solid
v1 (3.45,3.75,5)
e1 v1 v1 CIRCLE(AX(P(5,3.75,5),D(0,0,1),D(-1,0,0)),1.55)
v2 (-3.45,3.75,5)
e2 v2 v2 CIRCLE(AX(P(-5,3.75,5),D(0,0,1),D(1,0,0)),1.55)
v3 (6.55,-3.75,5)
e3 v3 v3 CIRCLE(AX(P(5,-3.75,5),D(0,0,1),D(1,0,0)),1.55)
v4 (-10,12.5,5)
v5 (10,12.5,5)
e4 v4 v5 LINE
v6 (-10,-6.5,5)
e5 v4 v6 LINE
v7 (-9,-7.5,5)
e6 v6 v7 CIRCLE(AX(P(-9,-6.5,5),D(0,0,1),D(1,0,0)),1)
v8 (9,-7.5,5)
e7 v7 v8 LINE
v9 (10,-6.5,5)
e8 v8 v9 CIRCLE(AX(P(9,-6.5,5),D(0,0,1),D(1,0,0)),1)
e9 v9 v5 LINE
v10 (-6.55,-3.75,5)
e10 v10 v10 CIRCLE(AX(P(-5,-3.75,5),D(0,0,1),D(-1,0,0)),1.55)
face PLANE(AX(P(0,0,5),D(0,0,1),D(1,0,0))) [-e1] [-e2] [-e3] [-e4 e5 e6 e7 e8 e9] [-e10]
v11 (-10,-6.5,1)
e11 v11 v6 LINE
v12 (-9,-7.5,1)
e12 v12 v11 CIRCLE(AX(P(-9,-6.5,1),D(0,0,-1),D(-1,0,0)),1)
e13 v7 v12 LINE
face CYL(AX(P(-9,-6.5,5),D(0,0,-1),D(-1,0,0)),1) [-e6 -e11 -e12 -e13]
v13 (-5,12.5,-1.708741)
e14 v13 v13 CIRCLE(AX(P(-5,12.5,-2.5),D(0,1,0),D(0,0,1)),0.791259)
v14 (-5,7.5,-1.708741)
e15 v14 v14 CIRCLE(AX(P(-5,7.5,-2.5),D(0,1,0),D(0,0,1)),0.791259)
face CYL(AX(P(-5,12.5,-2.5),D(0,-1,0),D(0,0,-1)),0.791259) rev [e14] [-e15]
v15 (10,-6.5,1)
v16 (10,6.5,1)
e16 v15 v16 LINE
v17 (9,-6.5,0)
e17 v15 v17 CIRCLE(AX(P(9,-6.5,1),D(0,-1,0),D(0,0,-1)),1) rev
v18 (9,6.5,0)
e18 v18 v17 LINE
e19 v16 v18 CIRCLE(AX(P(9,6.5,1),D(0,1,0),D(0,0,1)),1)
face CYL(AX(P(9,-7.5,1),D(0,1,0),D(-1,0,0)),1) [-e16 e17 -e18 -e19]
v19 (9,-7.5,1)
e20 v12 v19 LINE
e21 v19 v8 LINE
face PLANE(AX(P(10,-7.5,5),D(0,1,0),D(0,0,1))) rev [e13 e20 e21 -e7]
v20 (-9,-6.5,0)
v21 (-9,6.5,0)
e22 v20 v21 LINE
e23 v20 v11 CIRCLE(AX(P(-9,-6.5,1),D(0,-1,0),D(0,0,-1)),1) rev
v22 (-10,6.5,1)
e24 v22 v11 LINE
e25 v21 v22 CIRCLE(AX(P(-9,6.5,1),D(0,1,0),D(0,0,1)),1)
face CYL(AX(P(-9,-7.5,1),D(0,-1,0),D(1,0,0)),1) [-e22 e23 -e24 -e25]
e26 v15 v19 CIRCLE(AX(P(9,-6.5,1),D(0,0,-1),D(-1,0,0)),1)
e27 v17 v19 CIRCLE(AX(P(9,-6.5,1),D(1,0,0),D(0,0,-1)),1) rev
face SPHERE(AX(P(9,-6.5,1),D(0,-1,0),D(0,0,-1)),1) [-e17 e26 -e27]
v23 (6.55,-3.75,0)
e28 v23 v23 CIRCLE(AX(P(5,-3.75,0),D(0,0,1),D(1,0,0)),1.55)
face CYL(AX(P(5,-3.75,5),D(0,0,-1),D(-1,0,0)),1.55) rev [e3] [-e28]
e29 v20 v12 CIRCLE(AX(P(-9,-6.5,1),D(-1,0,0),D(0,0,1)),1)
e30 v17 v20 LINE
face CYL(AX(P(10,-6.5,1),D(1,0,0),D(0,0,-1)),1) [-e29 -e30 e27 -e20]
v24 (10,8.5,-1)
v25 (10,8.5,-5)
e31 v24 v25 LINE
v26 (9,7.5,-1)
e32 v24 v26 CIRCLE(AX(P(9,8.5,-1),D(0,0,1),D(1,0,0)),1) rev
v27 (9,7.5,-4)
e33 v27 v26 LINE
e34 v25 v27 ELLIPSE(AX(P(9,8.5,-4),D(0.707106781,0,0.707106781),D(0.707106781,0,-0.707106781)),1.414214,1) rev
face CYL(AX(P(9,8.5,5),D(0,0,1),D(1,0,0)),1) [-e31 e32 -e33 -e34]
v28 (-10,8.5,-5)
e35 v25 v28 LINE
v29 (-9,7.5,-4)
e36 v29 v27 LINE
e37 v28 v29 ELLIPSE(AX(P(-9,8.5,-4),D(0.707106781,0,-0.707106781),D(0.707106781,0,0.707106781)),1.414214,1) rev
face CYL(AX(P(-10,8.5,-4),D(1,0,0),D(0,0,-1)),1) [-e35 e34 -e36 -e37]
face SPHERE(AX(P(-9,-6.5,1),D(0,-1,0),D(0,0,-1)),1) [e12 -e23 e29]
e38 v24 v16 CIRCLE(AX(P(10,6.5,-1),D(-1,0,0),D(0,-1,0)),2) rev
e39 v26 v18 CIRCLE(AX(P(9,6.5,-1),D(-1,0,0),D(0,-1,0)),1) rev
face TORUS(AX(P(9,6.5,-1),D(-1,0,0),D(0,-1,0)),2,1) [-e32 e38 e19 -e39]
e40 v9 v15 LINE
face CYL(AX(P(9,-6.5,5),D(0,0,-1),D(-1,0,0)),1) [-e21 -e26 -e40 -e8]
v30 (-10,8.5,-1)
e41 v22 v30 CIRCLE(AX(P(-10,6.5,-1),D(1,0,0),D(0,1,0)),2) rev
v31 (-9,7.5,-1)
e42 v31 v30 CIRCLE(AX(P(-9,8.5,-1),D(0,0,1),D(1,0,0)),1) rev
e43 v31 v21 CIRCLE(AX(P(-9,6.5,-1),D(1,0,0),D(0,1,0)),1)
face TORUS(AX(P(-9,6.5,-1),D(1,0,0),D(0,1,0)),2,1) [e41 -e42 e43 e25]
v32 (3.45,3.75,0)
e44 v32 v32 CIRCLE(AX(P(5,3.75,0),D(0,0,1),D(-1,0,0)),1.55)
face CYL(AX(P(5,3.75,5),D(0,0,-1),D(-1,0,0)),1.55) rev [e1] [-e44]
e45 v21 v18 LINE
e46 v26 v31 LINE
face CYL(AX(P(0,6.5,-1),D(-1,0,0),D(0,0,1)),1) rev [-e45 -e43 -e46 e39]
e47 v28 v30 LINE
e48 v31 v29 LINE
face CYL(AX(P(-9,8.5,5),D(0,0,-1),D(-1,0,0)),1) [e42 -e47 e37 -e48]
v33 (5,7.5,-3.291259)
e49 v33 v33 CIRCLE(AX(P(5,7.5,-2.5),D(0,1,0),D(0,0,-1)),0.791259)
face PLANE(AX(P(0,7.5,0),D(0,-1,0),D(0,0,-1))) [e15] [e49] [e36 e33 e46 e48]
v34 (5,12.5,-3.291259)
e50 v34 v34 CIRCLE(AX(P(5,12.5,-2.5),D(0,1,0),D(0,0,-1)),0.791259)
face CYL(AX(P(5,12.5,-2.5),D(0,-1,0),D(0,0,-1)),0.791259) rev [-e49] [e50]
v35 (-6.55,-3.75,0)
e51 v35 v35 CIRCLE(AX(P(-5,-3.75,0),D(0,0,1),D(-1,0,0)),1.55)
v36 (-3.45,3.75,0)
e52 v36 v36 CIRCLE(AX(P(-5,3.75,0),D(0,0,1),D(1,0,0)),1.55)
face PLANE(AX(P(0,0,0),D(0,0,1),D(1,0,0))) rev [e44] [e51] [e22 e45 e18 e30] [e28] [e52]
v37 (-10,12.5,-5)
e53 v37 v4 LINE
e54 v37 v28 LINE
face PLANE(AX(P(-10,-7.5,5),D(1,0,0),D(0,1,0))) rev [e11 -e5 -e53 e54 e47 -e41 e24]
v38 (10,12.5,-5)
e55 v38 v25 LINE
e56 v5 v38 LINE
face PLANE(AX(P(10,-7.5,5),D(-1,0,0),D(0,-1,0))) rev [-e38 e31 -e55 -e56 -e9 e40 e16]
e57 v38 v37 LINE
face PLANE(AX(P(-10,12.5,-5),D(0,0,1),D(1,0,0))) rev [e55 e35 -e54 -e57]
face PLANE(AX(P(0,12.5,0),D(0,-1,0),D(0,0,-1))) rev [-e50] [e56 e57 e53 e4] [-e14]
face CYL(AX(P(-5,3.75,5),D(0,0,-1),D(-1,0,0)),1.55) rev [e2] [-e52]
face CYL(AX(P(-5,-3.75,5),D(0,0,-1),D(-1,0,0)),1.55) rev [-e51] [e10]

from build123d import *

# Parameters (mm, degrees)
SKETCH1_W           = 20
SKETCH1_H           = 15
SKETCH1_R           = 1.55
BOSS_EXTRUDE1_DEPTH = 5
SKETCH2_W           = 20
SKETCH2_H           = 10
SKETCH2_R           = 0.791259191
BOSS_EXTRUDE2_DEPTH = 5
FILLET1_R           = 1


with BuildPart() as part:
    # Sketch1 → Boss-Extrude1 (new body)
    with BuildSketch(Plane.XY):
        Rectangle(SKETCH1_W, SKETCH1_H)
        with Locations((-5, 3.75)):
            Circle(SKETCH1_R, mode=Mode.SUBTRACT)
        with Locations(Location((5, 3.75, 0), (0, 0, 180))):
            Circle(SKETCH1_R, mode=Mode.SUBTRACT)
        with Locations((5, -3.75)):
            Circle(SKETCH1_R, mode=Mode.SUBTRACT)
        with Locations(Location((-5, -3.75, 0), (0, 0, 180))):
            Circle(SKETCH1_R, mode=Mode.SUBTRACT)
    extrude(amount=BOSS_EXTRUDE1_DEPTH)

    # Sketch2 → Boss-Extrude2 (add)
    with BuildSketch(Plane(origin=(0, 7.5, 0), x_dir=(1, 0, 0), z_dir=(0, 1, 0))):
        Rectangle(SKETCH2_W, SKETCH2_H)
        with Locations(Location((-5, 2.5, 0), (0, 0, 270))):
            Circle(SKETCH2_R, mode=Mode.SUBTRACT)
        with Locations(Location((5, 2.5, 0), (0, 0, 90))):
            Circle(SKETCH2_R, mode=Mode.SUBTRACT)
    extrude(amount=BOSS_EXTRUDE2_DEPTH)

    # Fillet1
    fillet1_edges = [part.edges().sort_by_distance(p)[0] for p in [
        (-10, 7.5, -2.5),
        (10, 7.5, -2.5),
        (0, 7.5, -5),
        (0, 7.5, 0),
        (10, 0, 0),
        (0, -7.5, 0),
        (-10, 0, 0),
        (10, -7.5, 2.5),
        (-10, -7.5, 2.5),
    ]]
    fillet(fillet1_edges, radius=FILLET1_R)


solid = part.part
